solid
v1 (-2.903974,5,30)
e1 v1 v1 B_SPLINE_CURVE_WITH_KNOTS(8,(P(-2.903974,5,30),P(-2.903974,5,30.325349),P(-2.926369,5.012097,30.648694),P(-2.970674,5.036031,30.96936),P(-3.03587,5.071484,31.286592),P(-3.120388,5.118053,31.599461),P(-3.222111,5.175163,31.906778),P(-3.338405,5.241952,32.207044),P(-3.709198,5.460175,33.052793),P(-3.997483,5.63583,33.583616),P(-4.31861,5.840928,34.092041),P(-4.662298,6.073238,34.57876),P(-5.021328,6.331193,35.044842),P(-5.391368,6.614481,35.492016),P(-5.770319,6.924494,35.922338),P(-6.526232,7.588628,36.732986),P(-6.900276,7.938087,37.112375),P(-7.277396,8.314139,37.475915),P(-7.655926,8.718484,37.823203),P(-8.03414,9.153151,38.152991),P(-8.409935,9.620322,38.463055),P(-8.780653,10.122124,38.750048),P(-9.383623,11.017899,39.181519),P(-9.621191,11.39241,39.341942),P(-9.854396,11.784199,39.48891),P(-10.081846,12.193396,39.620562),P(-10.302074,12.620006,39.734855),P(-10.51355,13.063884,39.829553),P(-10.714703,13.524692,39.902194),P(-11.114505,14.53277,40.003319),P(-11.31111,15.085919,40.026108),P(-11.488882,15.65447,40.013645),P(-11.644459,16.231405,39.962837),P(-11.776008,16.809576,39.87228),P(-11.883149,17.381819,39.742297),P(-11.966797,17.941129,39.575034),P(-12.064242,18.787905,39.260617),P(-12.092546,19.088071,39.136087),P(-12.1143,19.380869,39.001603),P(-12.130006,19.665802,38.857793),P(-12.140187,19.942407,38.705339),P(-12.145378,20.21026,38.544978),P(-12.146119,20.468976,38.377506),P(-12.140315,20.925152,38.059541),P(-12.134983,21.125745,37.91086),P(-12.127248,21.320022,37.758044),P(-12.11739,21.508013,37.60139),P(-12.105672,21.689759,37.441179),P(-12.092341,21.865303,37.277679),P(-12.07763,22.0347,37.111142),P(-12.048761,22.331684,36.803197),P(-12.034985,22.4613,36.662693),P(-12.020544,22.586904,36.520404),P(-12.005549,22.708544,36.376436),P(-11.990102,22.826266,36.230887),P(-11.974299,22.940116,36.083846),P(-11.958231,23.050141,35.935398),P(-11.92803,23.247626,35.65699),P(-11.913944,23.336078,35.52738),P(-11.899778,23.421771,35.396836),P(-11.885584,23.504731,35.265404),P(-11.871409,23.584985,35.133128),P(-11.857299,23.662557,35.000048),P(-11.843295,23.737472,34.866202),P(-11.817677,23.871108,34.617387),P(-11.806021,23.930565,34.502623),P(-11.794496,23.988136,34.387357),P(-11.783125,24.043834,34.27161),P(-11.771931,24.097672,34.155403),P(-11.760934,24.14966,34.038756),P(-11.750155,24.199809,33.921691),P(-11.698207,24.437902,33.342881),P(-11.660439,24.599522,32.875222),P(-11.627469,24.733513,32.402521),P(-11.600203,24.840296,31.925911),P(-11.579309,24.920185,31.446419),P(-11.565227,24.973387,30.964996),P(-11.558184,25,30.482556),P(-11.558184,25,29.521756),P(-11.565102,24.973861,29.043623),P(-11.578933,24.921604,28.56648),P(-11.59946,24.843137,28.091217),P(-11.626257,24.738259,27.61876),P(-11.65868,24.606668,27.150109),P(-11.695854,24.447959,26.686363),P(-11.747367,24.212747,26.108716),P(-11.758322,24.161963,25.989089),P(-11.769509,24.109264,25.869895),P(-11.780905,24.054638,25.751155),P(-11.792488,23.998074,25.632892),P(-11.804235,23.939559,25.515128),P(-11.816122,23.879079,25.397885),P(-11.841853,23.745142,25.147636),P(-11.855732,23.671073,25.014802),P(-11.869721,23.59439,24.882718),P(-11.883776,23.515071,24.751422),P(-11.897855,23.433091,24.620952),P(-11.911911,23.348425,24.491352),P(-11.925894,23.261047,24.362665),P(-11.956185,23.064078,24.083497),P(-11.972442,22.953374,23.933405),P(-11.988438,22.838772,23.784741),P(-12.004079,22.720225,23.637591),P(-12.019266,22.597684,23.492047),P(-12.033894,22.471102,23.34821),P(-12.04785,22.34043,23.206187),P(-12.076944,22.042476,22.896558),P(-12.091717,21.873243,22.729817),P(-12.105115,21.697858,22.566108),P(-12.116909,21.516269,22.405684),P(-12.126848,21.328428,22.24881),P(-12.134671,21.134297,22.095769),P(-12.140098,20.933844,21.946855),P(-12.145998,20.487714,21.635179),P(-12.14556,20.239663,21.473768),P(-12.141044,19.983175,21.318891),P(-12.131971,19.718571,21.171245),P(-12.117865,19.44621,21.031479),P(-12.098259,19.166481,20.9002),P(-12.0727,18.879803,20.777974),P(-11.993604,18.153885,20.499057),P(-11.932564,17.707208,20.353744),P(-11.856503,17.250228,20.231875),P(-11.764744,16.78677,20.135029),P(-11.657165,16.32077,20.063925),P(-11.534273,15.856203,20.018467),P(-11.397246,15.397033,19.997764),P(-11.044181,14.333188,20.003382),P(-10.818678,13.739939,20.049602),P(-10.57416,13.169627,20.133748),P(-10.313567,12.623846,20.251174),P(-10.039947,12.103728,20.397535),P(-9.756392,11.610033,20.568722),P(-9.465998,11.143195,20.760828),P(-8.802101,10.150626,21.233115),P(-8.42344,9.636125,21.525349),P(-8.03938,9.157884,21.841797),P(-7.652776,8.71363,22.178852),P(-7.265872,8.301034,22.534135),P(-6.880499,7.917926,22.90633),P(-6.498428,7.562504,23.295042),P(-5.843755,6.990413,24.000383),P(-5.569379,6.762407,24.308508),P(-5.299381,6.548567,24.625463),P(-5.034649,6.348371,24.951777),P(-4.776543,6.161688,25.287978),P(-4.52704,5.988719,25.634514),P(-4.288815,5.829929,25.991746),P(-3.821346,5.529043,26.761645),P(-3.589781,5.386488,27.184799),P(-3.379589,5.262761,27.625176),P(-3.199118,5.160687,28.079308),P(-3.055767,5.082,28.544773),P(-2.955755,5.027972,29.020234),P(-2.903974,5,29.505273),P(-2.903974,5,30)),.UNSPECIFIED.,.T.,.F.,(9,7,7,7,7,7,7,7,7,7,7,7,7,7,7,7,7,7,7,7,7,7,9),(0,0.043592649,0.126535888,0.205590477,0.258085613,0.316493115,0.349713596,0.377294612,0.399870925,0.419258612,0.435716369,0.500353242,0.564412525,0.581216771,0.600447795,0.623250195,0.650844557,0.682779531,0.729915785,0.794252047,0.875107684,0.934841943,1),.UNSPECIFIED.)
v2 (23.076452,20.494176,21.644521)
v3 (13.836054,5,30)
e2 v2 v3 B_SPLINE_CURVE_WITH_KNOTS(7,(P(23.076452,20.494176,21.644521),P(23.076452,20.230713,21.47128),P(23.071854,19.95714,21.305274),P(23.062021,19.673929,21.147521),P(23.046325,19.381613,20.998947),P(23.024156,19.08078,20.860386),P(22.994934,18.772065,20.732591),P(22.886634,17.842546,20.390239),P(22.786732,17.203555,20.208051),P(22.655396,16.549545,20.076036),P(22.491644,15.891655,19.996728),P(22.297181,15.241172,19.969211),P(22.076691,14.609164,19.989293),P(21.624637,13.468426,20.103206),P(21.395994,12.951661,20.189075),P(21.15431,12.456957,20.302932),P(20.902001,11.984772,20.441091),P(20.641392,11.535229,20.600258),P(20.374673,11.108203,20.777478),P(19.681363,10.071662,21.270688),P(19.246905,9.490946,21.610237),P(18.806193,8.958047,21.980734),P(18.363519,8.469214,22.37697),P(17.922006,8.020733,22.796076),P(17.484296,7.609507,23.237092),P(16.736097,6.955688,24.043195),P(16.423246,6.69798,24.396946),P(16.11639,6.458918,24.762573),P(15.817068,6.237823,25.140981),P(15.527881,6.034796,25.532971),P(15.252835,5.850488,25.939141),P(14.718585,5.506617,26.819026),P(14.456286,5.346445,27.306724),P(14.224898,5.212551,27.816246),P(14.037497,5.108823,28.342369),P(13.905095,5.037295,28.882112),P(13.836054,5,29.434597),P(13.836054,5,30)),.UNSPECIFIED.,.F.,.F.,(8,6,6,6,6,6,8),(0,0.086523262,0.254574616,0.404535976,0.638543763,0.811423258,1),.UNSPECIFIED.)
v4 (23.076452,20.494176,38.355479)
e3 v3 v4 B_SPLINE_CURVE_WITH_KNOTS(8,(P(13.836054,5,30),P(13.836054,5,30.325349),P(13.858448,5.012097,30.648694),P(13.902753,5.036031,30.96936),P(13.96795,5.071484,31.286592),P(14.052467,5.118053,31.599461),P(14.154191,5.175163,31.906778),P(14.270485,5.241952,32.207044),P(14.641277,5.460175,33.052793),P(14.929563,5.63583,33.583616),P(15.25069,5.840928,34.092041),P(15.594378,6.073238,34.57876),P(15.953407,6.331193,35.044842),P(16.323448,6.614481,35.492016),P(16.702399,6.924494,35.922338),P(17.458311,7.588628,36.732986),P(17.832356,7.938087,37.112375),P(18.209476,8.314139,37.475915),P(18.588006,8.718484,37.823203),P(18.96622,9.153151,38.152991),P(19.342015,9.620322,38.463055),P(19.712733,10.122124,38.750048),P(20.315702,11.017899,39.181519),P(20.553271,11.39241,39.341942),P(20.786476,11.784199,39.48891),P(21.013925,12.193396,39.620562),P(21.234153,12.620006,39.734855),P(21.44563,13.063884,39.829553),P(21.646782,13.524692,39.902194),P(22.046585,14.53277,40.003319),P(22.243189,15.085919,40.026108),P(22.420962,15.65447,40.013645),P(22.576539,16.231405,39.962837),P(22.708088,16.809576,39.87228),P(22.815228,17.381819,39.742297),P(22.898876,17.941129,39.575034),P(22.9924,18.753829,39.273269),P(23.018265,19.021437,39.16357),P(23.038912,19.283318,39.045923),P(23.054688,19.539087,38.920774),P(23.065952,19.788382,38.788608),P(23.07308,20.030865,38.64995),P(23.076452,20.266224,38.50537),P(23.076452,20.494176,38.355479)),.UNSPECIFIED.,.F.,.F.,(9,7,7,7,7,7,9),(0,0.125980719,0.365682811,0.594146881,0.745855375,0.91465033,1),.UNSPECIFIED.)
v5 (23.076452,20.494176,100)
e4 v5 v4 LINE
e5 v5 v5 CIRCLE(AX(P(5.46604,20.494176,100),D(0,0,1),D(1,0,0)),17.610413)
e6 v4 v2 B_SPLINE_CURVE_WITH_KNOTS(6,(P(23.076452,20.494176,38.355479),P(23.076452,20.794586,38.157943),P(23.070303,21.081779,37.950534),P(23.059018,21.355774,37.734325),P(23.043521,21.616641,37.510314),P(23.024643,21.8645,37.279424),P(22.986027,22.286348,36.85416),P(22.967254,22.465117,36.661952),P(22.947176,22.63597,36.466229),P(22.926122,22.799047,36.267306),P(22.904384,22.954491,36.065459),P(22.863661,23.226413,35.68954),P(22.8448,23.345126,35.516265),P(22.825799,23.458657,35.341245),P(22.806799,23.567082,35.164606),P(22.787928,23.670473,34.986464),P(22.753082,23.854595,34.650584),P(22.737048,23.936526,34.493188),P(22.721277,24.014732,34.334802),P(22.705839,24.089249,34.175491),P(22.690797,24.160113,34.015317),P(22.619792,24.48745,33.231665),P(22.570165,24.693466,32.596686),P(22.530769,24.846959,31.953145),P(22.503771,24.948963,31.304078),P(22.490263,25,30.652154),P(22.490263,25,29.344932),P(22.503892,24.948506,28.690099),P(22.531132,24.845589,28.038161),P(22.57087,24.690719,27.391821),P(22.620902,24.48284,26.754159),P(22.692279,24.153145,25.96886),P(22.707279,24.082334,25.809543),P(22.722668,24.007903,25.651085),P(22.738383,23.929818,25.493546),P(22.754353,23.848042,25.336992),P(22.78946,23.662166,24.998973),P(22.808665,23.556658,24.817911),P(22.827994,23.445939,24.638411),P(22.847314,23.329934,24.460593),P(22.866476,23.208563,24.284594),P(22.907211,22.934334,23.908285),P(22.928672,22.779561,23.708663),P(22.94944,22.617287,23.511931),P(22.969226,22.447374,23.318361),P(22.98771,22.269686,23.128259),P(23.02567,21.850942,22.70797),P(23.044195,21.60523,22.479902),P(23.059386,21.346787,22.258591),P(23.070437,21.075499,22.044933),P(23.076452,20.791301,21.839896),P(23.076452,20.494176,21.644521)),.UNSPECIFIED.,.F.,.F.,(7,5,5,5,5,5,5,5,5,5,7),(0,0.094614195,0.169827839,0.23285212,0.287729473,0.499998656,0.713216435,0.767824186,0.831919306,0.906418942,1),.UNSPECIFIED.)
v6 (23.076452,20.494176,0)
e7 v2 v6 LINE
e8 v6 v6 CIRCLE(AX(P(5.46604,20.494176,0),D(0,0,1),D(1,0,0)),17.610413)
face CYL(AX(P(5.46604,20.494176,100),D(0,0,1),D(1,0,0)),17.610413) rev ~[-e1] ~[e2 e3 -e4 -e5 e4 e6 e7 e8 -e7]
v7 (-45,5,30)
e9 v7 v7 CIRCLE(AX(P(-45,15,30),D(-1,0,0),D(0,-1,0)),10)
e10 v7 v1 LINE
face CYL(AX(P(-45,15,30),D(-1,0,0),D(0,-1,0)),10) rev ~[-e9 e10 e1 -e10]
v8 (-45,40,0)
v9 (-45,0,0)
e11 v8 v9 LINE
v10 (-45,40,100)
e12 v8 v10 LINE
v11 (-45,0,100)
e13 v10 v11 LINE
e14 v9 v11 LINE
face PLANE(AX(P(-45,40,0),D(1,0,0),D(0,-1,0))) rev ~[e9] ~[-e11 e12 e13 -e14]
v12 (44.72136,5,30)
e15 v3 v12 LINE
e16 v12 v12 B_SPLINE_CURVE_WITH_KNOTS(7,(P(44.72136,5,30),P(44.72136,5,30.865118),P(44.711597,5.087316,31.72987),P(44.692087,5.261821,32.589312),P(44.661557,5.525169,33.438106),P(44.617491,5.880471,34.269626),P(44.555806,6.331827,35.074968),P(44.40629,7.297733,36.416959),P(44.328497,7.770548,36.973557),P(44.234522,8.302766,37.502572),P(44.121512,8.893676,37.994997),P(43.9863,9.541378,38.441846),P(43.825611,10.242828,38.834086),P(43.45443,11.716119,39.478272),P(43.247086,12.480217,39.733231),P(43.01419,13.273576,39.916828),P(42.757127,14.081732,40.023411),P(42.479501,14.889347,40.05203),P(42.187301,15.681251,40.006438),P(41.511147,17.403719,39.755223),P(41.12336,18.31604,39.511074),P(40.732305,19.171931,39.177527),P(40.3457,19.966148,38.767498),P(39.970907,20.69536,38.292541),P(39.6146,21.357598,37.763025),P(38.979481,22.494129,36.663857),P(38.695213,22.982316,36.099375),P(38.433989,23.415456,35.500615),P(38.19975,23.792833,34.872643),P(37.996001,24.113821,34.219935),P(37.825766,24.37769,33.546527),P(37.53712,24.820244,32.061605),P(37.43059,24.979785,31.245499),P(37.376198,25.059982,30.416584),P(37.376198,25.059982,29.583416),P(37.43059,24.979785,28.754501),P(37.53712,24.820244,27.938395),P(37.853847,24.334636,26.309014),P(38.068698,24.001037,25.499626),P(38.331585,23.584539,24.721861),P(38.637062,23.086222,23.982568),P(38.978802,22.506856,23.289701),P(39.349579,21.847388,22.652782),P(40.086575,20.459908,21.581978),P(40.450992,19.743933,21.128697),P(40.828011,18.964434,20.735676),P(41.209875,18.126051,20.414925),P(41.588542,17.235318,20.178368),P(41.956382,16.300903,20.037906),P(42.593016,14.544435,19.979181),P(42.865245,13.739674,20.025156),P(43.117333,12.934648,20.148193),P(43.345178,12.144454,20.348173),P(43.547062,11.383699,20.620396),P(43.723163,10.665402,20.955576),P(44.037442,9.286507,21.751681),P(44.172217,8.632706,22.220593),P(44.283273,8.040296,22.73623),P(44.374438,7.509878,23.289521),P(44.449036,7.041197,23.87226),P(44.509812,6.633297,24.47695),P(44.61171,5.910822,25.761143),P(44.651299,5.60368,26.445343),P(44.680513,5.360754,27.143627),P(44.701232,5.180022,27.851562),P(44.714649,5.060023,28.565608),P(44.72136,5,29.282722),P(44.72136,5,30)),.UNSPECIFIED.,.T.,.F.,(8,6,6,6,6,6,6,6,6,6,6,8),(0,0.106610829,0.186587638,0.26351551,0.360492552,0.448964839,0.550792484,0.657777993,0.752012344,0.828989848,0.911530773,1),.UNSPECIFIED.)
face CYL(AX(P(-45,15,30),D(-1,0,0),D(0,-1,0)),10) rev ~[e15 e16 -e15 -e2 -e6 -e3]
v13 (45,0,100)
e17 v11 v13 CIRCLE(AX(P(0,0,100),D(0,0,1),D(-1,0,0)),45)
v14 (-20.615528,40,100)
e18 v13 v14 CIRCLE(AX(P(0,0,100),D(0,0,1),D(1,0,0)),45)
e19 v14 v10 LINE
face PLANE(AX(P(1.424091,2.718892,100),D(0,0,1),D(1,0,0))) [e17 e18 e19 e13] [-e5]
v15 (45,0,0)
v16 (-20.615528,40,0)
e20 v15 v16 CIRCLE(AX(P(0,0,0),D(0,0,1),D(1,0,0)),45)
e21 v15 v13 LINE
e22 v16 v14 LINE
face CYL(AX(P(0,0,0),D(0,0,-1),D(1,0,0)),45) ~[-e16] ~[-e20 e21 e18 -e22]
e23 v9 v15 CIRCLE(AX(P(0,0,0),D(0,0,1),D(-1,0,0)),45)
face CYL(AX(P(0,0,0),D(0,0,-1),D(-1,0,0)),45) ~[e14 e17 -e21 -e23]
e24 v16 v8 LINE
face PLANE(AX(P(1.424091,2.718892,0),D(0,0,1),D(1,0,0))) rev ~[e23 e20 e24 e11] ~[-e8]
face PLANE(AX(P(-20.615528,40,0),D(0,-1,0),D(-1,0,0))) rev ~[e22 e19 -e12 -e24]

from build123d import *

# Parameters (mm, degrees)
F1_DEPTH = 100
F2_R     = 17.6104125338
F3_DEPTH = 100.001
F4_R     = 10
F5_DEPTH = 90.001


with BuildPart() as f1:
    # F0 (on Top) → F1 (new body)
    with BuildSketch(Plane.XY):
        with BuildLine():
            Line((0, 0), (-45, 0))
            ThreePointArc((-45, 0), (0, -45), (45, 0))
            ThreePointArc((45, 0), (23.4232921921, 38.4232921921), (-20.6155281281, 40))
            Line((-20.6155281281, 40), (0, 40))
            Line((0, 40), (0, 0))
        make_face()
        with BuildLine():
            Line((-45, 40), (-45, 0))
            ThreePointArc((-45, 0), (-38.4232921921, 23.4232921921), (-20.6155281281, 40))
            Line((-20.6155281281, 40), (-45, 40))
        make_face()
        with BuildLine():
            ThreePointArc((-20.6155281281, 40), (-38.4232921921, 23.4232921921), (-45, 0))
            Line((-45, 0), (0, 0))
            Line((0, 0), (0, 40))
            Line((0, 40), (-20.6155281281, 40))
        make_face()
    extrude(amount=F1_DEPTH)

    # F2 (on face) → F3 (cut, through all)
    with BuildSketch(Plane.XY.offset(100)):
        with Locations((5.4660397582, 20.4941760749)):
            Circle(F2_R)
    extrude(amount=-F3_DEPTH, mode=Mode.SUBTRACT)

    # F4 (on face) → F5 (cut, through all)
    with BuildSketch(Plane(origin=(-45, 0, 0), x_dir=(0, -1, 0), z_dir=(-1, 0, 0))):
        with Locations((-15, 30)):
            Circle(F4_R)
    extrude(amount=-F5_DEPTH, mode=Mode.SUBTRACT)


solid = f1.part
